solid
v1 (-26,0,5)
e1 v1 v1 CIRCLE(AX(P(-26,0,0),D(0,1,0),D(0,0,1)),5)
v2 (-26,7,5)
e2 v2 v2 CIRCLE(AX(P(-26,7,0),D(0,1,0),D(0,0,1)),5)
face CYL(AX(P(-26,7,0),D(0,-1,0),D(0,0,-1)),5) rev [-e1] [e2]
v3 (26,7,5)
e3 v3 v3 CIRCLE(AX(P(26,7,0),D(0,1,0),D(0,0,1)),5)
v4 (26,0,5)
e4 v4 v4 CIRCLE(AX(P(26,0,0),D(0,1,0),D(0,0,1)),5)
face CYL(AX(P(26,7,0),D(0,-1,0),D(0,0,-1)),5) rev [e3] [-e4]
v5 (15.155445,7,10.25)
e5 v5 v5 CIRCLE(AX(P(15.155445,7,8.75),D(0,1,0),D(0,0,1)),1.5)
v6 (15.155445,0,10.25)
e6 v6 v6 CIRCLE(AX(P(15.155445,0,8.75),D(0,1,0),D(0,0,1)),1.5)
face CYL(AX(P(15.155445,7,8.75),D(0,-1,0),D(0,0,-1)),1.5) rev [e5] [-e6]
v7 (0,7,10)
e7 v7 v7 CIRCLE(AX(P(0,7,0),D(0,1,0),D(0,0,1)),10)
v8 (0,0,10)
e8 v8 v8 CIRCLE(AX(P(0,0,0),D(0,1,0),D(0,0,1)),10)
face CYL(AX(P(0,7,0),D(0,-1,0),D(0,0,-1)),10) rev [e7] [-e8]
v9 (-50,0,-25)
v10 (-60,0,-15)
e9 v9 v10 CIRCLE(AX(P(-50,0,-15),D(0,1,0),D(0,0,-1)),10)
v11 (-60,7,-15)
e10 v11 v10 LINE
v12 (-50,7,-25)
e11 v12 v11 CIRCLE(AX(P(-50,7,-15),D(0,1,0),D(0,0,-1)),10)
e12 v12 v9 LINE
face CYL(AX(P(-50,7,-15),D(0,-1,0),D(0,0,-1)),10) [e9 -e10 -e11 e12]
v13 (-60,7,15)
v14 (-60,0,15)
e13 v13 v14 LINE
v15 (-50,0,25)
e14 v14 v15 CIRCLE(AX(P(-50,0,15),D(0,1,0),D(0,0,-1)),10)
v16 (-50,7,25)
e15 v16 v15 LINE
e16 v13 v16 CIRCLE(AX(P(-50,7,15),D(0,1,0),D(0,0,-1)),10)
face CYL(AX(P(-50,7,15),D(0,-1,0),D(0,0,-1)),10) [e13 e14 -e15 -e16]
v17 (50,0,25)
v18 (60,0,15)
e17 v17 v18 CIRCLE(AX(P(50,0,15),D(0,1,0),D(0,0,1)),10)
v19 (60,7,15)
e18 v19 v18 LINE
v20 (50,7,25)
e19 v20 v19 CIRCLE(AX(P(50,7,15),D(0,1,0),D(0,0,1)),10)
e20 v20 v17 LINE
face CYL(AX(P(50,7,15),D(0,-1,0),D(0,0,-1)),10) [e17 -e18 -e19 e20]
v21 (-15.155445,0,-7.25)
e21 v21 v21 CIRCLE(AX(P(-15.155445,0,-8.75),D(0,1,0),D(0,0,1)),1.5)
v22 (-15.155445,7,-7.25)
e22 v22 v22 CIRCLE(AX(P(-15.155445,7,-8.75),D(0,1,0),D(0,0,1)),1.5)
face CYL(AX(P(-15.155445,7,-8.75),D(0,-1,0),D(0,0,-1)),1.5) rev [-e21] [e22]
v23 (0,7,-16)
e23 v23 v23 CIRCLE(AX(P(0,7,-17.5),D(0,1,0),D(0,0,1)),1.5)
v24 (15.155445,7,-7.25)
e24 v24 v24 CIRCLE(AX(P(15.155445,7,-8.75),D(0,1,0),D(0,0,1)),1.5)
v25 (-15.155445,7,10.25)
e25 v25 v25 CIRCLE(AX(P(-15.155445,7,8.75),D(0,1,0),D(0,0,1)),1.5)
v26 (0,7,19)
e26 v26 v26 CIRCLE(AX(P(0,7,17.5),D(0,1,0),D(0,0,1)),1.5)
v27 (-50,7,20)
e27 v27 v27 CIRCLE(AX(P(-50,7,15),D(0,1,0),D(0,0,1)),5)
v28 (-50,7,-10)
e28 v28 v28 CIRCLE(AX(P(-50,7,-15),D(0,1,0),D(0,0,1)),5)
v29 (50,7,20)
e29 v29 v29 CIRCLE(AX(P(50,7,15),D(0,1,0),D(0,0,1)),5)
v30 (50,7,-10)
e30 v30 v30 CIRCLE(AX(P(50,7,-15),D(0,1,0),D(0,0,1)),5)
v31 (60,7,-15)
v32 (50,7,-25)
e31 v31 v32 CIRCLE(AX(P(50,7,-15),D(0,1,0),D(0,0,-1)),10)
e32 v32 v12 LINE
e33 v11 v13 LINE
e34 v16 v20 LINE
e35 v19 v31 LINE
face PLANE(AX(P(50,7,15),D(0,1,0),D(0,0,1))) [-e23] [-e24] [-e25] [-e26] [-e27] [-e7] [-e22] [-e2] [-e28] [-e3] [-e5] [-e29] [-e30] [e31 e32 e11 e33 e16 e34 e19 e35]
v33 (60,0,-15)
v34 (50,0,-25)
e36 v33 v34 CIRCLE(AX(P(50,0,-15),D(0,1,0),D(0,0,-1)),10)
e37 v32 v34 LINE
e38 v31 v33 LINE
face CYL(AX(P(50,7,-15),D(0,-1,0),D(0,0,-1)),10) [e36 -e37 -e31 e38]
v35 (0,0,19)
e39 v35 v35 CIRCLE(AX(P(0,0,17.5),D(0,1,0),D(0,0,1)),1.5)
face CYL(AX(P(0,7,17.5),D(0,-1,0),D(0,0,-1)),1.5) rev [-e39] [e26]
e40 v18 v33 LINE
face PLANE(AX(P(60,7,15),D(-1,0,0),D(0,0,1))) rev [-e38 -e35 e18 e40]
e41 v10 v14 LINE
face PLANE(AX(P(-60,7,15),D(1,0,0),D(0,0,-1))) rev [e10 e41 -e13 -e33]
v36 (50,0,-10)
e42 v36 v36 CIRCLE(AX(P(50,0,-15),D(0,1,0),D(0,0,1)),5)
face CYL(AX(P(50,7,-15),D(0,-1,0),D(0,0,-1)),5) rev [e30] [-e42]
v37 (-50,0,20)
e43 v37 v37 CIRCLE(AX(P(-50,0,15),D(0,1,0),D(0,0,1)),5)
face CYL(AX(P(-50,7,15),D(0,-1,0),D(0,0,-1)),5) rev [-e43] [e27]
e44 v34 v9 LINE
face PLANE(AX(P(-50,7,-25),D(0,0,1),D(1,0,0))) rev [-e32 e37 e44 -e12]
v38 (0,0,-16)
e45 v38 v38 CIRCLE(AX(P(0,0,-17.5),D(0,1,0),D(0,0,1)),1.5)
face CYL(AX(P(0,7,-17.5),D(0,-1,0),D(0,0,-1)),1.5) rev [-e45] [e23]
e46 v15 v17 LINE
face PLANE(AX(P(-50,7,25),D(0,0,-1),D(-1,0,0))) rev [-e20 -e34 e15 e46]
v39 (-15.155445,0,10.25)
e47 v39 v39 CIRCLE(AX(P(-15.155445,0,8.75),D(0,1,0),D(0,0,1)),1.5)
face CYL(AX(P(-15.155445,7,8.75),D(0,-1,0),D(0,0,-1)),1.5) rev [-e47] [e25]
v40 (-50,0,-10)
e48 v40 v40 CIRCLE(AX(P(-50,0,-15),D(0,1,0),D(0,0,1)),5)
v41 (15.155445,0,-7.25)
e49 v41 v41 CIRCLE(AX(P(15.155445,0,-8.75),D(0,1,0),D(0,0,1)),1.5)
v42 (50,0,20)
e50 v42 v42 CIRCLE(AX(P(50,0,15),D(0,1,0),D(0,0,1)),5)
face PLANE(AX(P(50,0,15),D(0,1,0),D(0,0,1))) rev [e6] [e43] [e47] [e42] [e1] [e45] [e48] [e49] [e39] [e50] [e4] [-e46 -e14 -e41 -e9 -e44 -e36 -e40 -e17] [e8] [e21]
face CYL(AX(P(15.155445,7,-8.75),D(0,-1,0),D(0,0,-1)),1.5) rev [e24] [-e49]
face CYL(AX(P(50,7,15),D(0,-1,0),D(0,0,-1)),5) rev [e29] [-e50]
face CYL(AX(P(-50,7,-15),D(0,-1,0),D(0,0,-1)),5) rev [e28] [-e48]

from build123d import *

# Parameters (mm, degrees)
SKETCH1_R           = 10
SKETCH1_R_2         = 1.5
SKETCH1_R_3         = 5
BOSS_EXTRUDE1_DEPTH = 7


with BuildPart() as part:
    # Sketch1 → Boss-Extrude1 (new body)
    with BuildSketch(Plane(origin=(0, 0, 0), x_dir=(1, 0, 0), z_dir=(0, 1, 0))):
        with BuildLine():
            Line((-50, -25), (50, -25))
            ThreePointArc((50, -25), (57.071067812, -22.071067812), (60, -15))
            Line((60, -15), (60, 15))
            ThreePointArc((60, 15), (57.071067812, 22.071067812), (50, 25))
            Line((50, 25), (-50, 25))
            ThreePointArc((-50, 25), (-57.071067812, 22.071067812), (-60, 15))
            Line((-60, 15), (-60, -15))
            ThreePointArc((-60, -15), (-57.071067812, -22.071067812), (-50, -25))
        make_face()
        with Locations(Location((0, 0, 0), (0, 0, 270))):
            Circle(SKETCH1_R, mode=Mode.SUBTRACT)
        with Locations(Location((0, 17.5, 0), (0, 0, 270))):
            Circle(SKETCH1_R_2, mode=Mode.SUBTRACT)
        with Locations(Location((-26, 0, 0), (0, 0, 270))):
            Circle(SKETCH1_R_3, mode=Mode.SUBTRACT)
        with Locations(Location((26, 0, 0), (0, 0, 270))):
            Circle(SKETCH1_R_3, mode=Mode.SUBTRACT)
        with Locations(Location((-50, 15, 0), (0, 0, 270))):
            Circle(SKETCH1_R_3, mode=Mode.SUBTRACT)
        with Locations(Location((-50, -15, 0), (0, 0, 270))):
            Circle(SKETCH1_R_3, mode=Mode.SUBTRACT)
        with Locations(Location((50, -15, 0), (0, 0, 270))):
            Circle(SKETCH1_R_3, mode=Mode.SUBTRACT)
        with Locations(Location((50, 15, 0), (0, 0, 270))):
            Circle(SKETCH1_R_3, mode=Mode.SUBTRACT)
        with Locations(Location((15.155444566, 8.75, 0), (0, 0, 270))):
            Circle(SKETCH1_R_2, mode=Mode.SUBTRACT)
        with Locations(Location((15.155444566, -8.75, 0), (0, 0, 270))):
            Circle(SKETCH1_R_2, mode=Mode.SUBTRACT)
        with Locations(Location((0, -17.5, 0), (0, 0, 270))):
            Circle(SKETCH1_R_2, mode=Mode.SUBTRACT)
        with Locations(Location((-15.155444566, -8.75, 0), (0, 0, 270))):
            Circle(SKETCH1_R_2, mode=Mode.SUBTRACT)
        with Locations(Location((-15.155444566, 8.75, 0), (0, 0, 270))):
            Circle(SKETCH1_R_2, mode=Mode.SUBTRACT)
    extrude(amount=BOSS_EXTRUDE1_DEPTH)


solid = part.part
